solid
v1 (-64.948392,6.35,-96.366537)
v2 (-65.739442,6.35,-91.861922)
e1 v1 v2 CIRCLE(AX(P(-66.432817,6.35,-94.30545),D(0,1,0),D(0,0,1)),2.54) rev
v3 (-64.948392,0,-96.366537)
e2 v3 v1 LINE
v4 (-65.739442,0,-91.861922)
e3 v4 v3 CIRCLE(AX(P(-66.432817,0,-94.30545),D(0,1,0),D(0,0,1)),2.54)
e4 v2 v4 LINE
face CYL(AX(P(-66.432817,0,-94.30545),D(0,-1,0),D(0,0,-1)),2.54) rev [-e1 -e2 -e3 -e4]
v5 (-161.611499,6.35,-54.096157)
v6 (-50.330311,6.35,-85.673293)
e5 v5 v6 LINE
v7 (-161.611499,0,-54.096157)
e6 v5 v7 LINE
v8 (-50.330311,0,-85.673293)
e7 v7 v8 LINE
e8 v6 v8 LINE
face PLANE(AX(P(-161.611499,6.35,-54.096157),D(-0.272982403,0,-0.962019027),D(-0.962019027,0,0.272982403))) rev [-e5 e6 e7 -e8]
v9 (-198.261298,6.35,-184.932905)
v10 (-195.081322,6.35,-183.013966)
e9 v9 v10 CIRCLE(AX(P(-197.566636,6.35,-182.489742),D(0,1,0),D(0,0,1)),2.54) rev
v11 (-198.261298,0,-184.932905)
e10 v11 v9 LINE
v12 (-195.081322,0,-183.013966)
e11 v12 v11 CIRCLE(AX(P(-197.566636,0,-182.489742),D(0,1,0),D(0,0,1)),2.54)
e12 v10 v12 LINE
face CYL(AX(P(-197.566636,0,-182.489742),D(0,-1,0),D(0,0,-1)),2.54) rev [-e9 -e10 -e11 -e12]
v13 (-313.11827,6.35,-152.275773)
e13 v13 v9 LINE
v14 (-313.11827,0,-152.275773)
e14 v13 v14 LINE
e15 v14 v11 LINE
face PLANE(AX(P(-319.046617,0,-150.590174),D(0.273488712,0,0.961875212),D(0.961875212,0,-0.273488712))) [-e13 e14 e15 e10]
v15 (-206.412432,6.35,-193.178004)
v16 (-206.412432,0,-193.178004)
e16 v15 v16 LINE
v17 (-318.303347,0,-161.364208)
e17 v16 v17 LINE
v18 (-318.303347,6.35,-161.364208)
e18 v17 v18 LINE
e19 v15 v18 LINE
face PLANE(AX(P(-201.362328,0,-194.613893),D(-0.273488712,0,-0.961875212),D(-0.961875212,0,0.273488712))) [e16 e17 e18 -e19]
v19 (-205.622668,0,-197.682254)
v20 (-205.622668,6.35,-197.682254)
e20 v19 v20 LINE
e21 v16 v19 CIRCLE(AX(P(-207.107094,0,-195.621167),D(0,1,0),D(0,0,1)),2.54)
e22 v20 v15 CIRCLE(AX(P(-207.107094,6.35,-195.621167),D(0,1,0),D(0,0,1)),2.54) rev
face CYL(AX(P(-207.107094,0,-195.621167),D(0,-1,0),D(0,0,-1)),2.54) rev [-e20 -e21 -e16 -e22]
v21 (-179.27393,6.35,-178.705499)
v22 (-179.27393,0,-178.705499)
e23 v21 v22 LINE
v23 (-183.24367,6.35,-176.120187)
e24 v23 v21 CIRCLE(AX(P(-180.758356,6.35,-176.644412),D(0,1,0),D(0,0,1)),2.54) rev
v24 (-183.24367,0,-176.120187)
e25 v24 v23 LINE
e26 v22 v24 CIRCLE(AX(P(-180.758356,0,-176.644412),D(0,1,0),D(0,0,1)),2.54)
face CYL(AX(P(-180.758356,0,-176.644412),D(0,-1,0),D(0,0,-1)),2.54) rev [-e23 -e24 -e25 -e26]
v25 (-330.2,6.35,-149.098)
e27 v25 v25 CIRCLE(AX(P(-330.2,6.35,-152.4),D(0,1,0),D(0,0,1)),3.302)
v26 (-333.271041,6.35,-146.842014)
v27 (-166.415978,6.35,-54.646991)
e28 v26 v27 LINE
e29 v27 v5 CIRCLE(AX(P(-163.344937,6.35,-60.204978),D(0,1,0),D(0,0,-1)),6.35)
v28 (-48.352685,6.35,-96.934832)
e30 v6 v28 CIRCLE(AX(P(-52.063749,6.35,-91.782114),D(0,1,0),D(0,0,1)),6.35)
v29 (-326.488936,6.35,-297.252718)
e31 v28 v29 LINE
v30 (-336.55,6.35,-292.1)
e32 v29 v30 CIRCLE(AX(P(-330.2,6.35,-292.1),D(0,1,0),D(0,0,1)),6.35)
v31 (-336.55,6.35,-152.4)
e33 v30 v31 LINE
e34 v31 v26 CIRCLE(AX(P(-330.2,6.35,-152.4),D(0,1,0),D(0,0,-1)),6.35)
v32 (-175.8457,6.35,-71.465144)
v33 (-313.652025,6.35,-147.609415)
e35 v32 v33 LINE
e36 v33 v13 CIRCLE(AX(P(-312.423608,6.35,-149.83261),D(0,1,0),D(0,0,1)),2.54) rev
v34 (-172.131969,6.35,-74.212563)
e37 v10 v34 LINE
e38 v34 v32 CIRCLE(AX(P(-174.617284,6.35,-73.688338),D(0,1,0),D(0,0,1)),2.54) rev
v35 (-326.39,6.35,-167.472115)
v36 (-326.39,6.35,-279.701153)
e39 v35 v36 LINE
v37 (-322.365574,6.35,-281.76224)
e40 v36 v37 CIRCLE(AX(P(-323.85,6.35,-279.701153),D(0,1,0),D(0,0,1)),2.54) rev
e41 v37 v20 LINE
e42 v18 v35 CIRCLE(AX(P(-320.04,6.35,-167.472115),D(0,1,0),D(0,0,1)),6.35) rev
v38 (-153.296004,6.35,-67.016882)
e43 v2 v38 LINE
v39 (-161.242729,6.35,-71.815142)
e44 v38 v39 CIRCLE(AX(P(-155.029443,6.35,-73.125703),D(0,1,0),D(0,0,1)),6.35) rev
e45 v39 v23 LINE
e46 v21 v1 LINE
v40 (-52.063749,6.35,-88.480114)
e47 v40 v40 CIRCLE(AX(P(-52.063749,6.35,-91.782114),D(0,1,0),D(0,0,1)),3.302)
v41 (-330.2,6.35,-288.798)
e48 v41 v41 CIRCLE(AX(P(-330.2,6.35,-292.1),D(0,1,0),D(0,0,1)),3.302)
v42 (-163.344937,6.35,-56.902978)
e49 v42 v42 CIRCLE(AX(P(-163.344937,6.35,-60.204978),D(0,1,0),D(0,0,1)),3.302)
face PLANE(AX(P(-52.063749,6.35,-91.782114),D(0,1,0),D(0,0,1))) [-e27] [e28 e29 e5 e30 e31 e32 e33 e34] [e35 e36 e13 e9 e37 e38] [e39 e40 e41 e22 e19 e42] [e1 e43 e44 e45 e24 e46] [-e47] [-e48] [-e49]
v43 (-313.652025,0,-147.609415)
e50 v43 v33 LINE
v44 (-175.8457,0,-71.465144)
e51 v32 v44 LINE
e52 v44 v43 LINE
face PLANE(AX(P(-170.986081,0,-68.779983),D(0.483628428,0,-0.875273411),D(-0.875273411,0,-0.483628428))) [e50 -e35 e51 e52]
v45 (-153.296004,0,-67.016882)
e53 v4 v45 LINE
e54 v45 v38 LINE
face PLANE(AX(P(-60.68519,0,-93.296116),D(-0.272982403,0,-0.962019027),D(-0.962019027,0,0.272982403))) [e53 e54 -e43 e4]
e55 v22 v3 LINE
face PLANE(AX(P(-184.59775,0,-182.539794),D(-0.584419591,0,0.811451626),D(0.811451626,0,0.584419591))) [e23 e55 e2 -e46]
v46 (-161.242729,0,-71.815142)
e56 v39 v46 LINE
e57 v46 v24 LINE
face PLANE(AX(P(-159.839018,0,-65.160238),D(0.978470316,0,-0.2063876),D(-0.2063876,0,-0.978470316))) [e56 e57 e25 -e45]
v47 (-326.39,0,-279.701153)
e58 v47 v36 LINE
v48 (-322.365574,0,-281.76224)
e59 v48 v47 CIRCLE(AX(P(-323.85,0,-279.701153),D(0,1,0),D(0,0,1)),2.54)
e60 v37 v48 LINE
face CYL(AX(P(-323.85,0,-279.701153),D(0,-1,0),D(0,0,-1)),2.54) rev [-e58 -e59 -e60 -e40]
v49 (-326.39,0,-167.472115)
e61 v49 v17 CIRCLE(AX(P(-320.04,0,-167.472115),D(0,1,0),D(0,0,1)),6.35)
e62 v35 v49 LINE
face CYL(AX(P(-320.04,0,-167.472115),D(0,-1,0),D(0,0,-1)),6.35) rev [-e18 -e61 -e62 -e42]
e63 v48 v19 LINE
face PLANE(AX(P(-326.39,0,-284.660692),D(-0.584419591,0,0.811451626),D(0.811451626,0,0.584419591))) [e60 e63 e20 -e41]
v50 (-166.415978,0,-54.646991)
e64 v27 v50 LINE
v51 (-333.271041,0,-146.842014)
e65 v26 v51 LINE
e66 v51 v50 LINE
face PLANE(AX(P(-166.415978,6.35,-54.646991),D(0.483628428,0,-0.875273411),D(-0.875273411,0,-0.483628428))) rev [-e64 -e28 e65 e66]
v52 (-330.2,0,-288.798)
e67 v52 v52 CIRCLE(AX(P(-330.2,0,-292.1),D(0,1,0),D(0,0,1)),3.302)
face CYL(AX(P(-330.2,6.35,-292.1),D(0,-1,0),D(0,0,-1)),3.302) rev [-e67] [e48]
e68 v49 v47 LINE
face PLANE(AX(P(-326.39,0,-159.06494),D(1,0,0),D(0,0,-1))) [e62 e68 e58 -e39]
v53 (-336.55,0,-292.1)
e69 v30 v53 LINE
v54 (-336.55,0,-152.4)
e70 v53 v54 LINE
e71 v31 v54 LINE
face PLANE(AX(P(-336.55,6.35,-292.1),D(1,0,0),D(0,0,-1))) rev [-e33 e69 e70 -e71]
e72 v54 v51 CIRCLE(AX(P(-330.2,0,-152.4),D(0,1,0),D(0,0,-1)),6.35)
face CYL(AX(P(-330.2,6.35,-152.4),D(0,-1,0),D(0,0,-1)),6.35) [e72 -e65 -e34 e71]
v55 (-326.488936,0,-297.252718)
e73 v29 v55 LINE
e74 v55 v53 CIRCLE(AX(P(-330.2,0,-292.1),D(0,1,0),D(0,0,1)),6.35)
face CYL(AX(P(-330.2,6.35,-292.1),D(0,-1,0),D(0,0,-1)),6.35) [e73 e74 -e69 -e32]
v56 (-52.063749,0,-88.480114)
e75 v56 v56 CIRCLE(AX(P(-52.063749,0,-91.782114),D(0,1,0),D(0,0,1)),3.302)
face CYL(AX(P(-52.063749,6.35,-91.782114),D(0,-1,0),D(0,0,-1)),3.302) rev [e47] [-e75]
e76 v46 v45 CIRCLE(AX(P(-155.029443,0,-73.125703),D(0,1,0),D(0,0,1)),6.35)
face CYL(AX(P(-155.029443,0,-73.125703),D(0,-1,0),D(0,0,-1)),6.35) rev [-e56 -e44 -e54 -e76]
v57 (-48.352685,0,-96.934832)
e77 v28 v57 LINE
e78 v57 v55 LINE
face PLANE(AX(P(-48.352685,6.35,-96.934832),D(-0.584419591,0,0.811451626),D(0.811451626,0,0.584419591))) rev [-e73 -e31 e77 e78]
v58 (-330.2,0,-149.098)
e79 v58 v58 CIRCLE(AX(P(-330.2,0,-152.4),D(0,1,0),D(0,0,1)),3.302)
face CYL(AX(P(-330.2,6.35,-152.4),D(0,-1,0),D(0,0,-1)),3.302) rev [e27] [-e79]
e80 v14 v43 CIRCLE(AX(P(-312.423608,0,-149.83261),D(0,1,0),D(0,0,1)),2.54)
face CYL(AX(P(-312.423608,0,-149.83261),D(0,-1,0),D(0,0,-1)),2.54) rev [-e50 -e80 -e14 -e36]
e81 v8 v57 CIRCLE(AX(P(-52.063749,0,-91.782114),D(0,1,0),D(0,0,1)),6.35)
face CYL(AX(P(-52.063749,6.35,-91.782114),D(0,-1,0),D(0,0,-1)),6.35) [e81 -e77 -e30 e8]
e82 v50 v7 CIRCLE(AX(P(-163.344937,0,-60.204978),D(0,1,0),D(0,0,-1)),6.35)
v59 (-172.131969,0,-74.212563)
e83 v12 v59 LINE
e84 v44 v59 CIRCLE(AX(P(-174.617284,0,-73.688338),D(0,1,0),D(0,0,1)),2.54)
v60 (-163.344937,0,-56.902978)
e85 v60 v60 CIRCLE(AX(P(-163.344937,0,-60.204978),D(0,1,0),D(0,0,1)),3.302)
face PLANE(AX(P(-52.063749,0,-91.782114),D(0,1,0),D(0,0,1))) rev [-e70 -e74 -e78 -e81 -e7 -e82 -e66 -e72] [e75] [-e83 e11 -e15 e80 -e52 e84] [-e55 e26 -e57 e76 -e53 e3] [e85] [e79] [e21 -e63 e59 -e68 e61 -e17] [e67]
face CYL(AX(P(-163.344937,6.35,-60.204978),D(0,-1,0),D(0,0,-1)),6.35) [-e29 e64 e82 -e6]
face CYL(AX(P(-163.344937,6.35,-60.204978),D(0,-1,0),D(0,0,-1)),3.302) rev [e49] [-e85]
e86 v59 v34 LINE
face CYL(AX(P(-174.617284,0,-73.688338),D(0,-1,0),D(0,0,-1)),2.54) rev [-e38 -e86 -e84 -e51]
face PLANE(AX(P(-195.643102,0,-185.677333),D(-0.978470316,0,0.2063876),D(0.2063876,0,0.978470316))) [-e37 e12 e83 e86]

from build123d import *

# Parameters (mm, degrees)
SKETCH3_R           = 3.302
BOSS_EXTRUDE2_DEPTH = 6.35
CUT_EXTRUDE3_DEPTH  = 450.865121453
FILLET2_R           = 6.35
FILLET3_R           = 2.54
FILLET4_R           = 2.54
FILLET5_R           = 6.35
FILLET6_R           = 2.54
FILLET7_R           = 2.54


with BuildPart() as part:
    # Sketch3 → Boss-Extrude2 (new body)
    with BuildSketch(Plane(origin=(0, 0, 0), x_dir=(-1, 0, 0), z_dir=(0, 1, 0))):
        with BuildLine():
            Line((48.352684633, -96.934831966), (326.488935594, -297.252717824))
            ThreePointArc((326.488935594, -297.252717824), (333.094584687, -297.751891673), (336.55, -292.1))
            Line((336.55, -292.1), (336.55, -152.4))
            ThreePointArc((336.55, -152.4), (335.66916846, -149.173438927), (333.271040518, -146.842013841))
            Line((333.271040518, -146.842013841), (166.415977763, -54.646991456))
            ThreePointArc((166.415977763, -54.646991456), (164.068228098, -53.896304985), (161.611498988, -54.096156795))
            Line((161.611498988, -54.096156795), (50.330310781, -85.673293323))
            ThreePointArc((50.330310781, -85.673293323), (45.809453277, -90.683804291), (48.352684633, -96.934831966))
        make_face()
        with Locations(Location((52.063749039, -91.782114142, 0), (0, 0, 90))):
            Circle(SKETCH3_R, mode=Mode.SUBTRACT)
        with Locations(Location((163.344937246, -60.204977615, 0), (0, 0, 90))):
            Circle(SKETCH3_R, mode=Mode.SUBTRACT)
        with Locations(Location((330.2, -152.4, 0), (0, 0, 90))):
            Circle(SKETCH3_R, mode=Mode.SUBTRACT)
        with Locations(Location((330.2, -292.1, 0), (0, 0, 90))):
            Circle(SKETCH3_R, mode=Mode.SUBTRACT)
    extrude(amount=BOSS_EXTRUDE2_DEPTH)

    # Sketch9 → Cut-Extrude3 (cut, through all)
    with BuildSketch(Plane(origin=(0, 6.35, 0), x_dir=(1, 0, 0), z_dir=(0, 1, 0))):
        Polygon((-326.39, 284.660691911), (-201.3623279, 194.613893401), (-326.39, 159.064940036), align=None)
        Polygon((-319.046617377, 150.590173625), (-195.643102449, 185.677332519), (-170.986081265, 68.779983296), align=None)
        Polygon((-184.597750493, 182.539794136), (-60.685190052, 93.296115712), (-159.839017865, 65.160237505), align=None)
    extrude(amount=-CUT_EXTRUDE3_DEPTH, mode=Mode.SUBTRACT)

    # Fillet2
    fillet2_edges = [part.edges().sort_by_distance(p)[0] for p in [
        (-159.839017865, 3.175, -65.160237505),
    ]]
    fillet(fillet2_edges, radius=FILLET2_R)

    # Fillet3
    fillet3_edges = [part.edges().sort_by_distance(p)[0] for p in [
        (-170.986081265, 3.175, -68.779983296),
    ]]
    fillet(fillet3_edges, radius=FILLET3_R)

    # Fillet4
    fillet4_edges = [part.edges().sort_by_distance(p)[0] for p in [
        (-319.046617377, 3.175, -150.590173625),
    ]]
    fillet(fillet4_edges, radius=FILLET4_R)

    # Fillet5
    fillet5_edges = [part.edges().sort_by_distance(p)[0] for p in [
        (-326.39, 3.175, -159.064940036),
    ]]
    fillet(fillet5_edges, radius=FILLET5_R)

    # Fillet6
    fillet6_edges = [part.edges().sort_by_distance(p)[0] for p in [
        (-60.685190052, 3.175, -93.296115712),
        (-326.39, 3.175, -284.660691911),
    ]]
    fillet(fillet6_edges, radius=FILLET6_R)

    # Fillet7
    fillet7_edges = [part.edges().sort_by_distance(p)[0] for p in [
        (-195.643102449, 3.175, -185.677332519),
        (-184.597750493, 3.175, -182.539794136),
        (-201.3623279, 3.175, -194.613893401),
    ]]
    fillet(fillet7_edges, radius=FILLET7_R)


solid = part.part
